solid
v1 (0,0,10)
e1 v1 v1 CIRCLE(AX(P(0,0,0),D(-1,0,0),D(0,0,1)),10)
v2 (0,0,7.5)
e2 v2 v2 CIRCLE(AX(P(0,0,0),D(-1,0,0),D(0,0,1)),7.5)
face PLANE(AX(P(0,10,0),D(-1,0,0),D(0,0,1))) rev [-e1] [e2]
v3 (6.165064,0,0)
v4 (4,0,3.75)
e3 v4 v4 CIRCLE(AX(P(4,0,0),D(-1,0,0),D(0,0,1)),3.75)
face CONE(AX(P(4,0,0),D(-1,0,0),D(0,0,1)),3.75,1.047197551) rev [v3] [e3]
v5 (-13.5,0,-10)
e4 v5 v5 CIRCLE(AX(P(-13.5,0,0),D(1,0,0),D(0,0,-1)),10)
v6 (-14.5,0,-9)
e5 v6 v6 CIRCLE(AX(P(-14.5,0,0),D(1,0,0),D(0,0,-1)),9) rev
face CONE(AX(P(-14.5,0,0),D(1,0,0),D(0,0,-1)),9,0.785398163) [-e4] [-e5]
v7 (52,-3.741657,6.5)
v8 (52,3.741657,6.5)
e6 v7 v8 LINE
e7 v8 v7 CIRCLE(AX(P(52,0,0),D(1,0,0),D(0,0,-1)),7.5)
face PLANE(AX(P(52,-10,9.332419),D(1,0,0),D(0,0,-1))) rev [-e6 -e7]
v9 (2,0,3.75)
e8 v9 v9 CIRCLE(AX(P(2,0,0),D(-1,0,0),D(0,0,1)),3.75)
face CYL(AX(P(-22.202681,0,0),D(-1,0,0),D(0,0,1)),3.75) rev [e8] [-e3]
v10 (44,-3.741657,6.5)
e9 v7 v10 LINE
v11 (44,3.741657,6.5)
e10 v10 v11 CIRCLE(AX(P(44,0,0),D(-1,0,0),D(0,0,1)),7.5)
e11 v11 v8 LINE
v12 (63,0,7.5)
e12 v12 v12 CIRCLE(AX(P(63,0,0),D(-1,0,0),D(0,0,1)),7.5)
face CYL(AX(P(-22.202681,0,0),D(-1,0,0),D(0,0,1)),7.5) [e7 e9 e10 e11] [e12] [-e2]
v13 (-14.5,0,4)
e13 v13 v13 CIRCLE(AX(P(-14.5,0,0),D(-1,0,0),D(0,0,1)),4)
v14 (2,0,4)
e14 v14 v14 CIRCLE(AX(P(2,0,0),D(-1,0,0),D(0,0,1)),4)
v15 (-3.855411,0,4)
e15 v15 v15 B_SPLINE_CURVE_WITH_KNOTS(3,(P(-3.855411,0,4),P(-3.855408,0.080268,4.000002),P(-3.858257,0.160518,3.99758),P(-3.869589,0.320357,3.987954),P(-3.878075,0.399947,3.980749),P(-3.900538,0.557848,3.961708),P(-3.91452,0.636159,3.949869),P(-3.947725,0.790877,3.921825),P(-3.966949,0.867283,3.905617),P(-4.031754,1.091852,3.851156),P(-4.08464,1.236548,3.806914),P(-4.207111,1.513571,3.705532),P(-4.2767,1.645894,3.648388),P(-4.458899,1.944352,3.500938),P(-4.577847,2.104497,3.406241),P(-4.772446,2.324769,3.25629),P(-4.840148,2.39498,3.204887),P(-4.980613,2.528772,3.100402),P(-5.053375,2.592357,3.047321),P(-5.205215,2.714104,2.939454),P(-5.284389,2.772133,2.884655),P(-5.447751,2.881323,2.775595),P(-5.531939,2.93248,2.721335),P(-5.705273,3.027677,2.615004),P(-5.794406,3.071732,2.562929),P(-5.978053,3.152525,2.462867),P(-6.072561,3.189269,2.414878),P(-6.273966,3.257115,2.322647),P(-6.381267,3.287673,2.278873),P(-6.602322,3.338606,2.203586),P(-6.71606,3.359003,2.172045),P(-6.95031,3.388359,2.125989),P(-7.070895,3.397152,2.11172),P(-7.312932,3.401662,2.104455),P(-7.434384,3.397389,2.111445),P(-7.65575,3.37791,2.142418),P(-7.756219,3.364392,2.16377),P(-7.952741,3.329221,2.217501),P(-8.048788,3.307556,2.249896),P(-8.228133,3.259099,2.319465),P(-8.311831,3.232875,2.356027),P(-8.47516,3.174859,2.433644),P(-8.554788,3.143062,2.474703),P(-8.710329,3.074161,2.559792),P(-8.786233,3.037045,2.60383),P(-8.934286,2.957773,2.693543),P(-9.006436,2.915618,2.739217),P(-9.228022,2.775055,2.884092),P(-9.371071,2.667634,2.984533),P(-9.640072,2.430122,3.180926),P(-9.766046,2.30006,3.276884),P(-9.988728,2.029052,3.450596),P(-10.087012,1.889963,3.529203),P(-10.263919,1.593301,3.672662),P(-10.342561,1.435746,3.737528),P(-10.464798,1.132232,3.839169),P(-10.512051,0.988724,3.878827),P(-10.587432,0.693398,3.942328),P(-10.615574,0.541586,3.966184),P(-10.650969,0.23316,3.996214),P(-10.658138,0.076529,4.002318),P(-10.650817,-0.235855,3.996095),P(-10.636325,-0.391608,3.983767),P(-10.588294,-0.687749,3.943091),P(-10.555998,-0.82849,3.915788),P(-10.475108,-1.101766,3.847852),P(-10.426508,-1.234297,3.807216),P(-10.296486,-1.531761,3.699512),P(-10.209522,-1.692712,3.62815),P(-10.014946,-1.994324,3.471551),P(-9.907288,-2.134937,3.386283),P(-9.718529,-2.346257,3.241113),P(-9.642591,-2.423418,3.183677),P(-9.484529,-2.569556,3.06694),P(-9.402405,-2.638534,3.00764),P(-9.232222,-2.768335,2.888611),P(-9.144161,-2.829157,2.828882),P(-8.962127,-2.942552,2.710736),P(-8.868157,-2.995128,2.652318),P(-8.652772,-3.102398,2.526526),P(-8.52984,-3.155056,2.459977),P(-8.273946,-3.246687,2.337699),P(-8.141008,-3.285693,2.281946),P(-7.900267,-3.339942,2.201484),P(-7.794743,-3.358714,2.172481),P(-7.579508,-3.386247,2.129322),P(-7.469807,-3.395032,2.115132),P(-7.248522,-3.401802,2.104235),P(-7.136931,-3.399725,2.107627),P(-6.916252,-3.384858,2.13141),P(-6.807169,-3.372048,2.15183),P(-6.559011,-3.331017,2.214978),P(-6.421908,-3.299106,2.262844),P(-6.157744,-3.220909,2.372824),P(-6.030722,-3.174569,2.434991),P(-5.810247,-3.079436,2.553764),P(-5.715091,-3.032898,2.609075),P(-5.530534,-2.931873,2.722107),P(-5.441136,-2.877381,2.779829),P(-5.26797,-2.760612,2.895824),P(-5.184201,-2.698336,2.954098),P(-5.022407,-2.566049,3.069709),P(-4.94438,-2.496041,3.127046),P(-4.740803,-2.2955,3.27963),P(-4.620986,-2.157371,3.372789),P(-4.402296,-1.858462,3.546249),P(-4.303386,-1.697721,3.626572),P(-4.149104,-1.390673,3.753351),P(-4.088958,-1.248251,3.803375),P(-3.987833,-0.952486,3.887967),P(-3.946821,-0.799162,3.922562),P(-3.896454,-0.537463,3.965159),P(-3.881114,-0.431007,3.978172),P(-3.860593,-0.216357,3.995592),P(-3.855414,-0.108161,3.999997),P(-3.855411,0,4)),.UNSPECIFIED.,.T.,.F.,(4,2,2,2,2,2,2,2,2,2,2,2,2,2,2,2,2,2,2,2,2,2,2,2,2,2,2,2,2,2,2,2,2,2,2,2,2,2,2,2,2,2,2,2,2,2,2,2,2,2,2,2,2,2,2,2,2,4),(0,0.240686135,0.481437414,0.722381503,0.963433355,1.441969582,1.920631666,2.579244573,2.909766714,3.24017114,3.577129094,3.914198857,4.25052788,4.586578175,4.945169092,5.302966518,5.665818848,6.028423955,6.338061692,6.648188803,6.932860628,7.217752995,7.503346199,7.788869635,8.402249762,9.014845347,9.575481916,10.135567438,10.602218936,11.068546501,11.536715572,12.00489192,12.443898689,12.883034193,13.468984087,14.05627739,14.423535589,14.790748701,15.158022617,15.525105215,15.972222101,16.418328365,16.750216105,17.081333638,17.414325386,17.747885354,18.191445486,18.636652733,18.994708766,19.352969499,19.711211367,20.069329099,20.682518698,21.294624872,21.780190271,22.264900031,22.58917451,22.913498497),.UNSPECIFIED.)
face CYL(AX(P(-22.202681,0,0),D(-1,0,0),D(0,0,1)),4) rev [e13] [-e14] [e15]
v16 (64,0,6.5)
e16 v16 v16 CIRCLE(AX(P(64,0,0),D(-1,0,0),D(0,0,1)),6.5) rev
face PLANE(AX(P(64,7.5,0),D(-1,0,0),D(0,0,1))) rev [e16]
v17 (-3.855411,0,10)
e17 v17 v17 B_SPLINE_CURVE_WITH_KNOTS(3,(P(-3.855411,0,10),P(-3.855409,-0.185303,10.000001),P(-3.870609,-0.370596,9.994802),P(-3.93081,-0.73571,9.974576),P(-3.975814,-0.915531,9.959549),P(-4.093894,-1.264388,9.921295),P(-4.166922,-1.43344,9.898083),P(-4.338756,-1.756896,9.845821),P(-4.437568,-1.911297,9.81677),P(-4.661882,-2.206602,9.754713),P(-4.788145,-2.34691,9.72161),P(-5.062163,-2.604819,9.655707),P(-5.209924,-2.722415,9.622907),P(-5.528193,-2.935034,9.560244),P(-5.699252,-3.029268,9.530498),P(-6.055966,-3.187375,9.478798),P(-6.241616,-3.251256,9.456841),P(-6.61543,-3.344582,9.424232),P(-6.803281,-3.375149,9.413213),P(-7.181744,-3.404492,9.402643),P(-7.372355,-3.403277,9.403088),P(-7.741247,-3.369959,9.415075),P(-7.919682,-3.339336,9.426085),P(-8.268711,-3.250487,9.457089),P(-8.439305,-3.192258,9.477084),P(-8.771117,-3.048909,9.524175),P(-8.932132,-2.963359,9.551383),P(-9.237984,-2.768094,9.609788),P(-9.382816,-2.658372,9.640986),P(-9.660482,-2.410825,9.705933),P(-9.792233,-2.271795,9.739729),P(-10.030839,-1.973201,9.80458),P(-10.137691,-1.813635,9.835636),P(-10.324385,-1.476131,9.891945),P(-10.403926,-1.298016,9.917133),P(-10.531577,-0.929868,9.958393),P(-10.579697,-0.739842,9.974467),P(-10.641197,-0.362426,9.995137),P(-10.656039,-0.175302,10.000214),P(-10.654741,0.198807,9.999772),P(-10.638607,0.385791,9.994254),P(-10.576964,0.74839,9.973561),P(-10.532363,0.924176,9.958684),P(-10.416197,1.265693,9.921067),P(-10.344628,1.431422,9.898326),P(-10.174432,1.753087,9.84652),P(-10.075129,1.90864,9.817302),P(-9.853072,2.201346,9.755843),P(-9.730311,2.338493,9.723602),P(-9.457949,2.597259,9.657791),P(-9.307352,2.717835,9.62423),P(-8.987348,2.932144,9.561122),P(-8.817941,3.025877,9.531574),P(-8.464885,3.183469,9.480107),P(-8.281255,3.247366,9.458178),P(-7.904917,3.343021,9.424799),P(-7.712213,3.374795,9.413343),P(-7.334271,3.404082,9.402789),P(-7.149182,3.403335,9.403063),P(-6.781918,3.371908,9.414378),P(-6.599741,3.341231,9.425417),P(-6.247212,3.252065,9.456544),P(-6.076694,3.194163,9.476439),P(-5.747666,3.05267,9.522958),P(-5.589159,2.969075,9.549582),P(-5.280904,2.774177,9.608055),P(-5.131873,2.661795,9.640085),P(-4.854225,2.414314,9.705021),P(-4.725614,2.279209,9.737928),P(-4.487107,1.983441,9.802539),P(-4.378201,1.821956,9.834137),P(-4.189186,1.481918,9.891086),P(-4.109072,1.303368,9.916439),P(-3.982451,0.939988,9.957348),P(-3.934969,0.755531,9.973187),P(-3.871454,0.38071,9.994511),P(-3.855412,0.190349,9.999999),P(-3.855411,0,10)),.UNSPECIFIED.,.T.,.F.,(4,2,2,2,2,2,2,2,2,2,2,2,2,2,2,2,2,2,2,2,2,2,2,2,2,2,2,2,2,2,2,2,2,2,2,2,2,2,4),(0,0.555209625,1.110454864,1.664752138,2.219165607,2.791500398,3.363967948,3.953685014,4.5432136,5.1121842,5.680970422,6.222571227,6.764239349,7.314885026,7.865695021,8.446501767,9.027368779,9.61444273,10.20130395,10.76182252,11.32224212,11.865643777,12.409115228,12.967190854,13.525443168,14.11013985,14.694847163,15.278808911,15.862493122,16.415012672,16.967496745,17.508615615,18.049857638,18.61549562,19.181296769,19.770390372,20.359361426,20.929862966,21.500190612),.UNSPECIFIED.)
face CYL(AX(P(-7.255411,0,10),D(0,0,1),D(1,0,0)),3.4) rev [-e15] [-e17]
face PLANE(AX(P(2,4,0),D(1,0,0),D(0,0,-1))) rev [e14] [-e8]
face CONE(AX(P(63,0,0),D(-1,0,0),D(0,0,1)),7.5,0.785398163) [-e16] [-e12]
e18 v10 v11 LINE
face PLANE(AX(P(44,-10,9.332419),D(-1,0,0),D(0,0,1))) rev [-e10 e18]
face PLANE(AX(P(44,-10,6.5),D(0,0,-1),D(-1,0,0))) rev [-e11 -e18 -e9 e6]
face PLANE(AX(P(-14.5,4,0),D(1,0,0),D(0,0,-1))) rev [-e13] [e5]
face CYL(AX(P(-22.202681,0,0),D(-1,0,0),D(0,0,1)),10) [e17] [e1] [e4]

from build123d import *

# Parameters (mm, degrees)
CHANFREIN1_SIZE              = 1
TROU_TARAUD_M81_REACH        = 76.682
TROU_TARAUD_M81_BORE_R       = 3.4
ENL_V_MAT_EXTRU_1_DEPTH      = 66.543878463
ENL_V_MAT_EXTRU_1_DEPTH_BACK = 66.543878463
ESQUISSE4_W                  = 8
ESQUISSE4_H                  = 2.832418839


with BuildPart() as part:
    # Esquisse1 → Révolution1 (revolve)
    with BuildSketch(Plane.XY, mode=Mode.PRIVATE) as r_volution1_sk:
        Polygon((-14.5, 4), (-14.5, 10), (0, 10), (0, 7.5), (64, 7.5), (64, 0), (6.165063509, 0), (4, 3.75), (2, 3.75), (2, 4), align=None)
    revolve(r_volution1_sk.sketch.rotate(Axis((-22.202680924, 0, 0), (1, 0, 0)), 90), axis=Axis((-22.202680924, 0, 0), (1, 0, 0)))

    # Chanfrein1
    chanfrein1_edges = [part.edges().sort_by_distance(p)[0] for p in [
        (64, 0, -7.5),
        (-14.5, 0, -10),
    ]]
    chamfer(chanfrein1_edges, length=CHANFREIN1_SIZE)

    # Trou taraudé M81 bore (on position points) → Trou taraudé M81 (cut, up to next)
    with BuildSketch(Plane(origin=(-7.255410761, 0, 10), x_dir=(1, 0, 0), z_dir=(0, 0, 1)), mode=Mode.PRIVATE) as trou_taraud_m81_sk1:
        Circle(TROU_TARAUD_M81_BORE_R)
    trou_taraud_m81_tool1 = extrude(trou_taraud_m81_sk1.sketch, amount=-TROU_TARAUD_M81_REACH, mode=Mode.PRIVATE) & part.part
    add(trou_taraud_m81_tool1.solids().sort_by_distance((-7.255411, 0, 10))[0], mode=Mode.SUBTRACT)

    # Esquisse4 → Enlèv. mat.-Extru.1 (cut, two sides: drawn at the far end of the back side and taken through both)
    with BuildSketch(Plane(origin=(0, 0, 0), x_dir=(1, 0, 0), z_dir=(0, 1, 0)).offset(-ENL_V_MAT_EXTRU_1_DEPTH_BACK)):
        with Locations((48, -7.91620942)):
            Rectangle(ESQUISSE4_W, ESQUISSE4_H)
    extrude(amount=ENL_V_MAT_EXTRU_1_DEPTH + ENL_V_MAT_EXTRU_1_DEPTH_BACK, mode=Mode.SUBTRACT)


solid = part.part
